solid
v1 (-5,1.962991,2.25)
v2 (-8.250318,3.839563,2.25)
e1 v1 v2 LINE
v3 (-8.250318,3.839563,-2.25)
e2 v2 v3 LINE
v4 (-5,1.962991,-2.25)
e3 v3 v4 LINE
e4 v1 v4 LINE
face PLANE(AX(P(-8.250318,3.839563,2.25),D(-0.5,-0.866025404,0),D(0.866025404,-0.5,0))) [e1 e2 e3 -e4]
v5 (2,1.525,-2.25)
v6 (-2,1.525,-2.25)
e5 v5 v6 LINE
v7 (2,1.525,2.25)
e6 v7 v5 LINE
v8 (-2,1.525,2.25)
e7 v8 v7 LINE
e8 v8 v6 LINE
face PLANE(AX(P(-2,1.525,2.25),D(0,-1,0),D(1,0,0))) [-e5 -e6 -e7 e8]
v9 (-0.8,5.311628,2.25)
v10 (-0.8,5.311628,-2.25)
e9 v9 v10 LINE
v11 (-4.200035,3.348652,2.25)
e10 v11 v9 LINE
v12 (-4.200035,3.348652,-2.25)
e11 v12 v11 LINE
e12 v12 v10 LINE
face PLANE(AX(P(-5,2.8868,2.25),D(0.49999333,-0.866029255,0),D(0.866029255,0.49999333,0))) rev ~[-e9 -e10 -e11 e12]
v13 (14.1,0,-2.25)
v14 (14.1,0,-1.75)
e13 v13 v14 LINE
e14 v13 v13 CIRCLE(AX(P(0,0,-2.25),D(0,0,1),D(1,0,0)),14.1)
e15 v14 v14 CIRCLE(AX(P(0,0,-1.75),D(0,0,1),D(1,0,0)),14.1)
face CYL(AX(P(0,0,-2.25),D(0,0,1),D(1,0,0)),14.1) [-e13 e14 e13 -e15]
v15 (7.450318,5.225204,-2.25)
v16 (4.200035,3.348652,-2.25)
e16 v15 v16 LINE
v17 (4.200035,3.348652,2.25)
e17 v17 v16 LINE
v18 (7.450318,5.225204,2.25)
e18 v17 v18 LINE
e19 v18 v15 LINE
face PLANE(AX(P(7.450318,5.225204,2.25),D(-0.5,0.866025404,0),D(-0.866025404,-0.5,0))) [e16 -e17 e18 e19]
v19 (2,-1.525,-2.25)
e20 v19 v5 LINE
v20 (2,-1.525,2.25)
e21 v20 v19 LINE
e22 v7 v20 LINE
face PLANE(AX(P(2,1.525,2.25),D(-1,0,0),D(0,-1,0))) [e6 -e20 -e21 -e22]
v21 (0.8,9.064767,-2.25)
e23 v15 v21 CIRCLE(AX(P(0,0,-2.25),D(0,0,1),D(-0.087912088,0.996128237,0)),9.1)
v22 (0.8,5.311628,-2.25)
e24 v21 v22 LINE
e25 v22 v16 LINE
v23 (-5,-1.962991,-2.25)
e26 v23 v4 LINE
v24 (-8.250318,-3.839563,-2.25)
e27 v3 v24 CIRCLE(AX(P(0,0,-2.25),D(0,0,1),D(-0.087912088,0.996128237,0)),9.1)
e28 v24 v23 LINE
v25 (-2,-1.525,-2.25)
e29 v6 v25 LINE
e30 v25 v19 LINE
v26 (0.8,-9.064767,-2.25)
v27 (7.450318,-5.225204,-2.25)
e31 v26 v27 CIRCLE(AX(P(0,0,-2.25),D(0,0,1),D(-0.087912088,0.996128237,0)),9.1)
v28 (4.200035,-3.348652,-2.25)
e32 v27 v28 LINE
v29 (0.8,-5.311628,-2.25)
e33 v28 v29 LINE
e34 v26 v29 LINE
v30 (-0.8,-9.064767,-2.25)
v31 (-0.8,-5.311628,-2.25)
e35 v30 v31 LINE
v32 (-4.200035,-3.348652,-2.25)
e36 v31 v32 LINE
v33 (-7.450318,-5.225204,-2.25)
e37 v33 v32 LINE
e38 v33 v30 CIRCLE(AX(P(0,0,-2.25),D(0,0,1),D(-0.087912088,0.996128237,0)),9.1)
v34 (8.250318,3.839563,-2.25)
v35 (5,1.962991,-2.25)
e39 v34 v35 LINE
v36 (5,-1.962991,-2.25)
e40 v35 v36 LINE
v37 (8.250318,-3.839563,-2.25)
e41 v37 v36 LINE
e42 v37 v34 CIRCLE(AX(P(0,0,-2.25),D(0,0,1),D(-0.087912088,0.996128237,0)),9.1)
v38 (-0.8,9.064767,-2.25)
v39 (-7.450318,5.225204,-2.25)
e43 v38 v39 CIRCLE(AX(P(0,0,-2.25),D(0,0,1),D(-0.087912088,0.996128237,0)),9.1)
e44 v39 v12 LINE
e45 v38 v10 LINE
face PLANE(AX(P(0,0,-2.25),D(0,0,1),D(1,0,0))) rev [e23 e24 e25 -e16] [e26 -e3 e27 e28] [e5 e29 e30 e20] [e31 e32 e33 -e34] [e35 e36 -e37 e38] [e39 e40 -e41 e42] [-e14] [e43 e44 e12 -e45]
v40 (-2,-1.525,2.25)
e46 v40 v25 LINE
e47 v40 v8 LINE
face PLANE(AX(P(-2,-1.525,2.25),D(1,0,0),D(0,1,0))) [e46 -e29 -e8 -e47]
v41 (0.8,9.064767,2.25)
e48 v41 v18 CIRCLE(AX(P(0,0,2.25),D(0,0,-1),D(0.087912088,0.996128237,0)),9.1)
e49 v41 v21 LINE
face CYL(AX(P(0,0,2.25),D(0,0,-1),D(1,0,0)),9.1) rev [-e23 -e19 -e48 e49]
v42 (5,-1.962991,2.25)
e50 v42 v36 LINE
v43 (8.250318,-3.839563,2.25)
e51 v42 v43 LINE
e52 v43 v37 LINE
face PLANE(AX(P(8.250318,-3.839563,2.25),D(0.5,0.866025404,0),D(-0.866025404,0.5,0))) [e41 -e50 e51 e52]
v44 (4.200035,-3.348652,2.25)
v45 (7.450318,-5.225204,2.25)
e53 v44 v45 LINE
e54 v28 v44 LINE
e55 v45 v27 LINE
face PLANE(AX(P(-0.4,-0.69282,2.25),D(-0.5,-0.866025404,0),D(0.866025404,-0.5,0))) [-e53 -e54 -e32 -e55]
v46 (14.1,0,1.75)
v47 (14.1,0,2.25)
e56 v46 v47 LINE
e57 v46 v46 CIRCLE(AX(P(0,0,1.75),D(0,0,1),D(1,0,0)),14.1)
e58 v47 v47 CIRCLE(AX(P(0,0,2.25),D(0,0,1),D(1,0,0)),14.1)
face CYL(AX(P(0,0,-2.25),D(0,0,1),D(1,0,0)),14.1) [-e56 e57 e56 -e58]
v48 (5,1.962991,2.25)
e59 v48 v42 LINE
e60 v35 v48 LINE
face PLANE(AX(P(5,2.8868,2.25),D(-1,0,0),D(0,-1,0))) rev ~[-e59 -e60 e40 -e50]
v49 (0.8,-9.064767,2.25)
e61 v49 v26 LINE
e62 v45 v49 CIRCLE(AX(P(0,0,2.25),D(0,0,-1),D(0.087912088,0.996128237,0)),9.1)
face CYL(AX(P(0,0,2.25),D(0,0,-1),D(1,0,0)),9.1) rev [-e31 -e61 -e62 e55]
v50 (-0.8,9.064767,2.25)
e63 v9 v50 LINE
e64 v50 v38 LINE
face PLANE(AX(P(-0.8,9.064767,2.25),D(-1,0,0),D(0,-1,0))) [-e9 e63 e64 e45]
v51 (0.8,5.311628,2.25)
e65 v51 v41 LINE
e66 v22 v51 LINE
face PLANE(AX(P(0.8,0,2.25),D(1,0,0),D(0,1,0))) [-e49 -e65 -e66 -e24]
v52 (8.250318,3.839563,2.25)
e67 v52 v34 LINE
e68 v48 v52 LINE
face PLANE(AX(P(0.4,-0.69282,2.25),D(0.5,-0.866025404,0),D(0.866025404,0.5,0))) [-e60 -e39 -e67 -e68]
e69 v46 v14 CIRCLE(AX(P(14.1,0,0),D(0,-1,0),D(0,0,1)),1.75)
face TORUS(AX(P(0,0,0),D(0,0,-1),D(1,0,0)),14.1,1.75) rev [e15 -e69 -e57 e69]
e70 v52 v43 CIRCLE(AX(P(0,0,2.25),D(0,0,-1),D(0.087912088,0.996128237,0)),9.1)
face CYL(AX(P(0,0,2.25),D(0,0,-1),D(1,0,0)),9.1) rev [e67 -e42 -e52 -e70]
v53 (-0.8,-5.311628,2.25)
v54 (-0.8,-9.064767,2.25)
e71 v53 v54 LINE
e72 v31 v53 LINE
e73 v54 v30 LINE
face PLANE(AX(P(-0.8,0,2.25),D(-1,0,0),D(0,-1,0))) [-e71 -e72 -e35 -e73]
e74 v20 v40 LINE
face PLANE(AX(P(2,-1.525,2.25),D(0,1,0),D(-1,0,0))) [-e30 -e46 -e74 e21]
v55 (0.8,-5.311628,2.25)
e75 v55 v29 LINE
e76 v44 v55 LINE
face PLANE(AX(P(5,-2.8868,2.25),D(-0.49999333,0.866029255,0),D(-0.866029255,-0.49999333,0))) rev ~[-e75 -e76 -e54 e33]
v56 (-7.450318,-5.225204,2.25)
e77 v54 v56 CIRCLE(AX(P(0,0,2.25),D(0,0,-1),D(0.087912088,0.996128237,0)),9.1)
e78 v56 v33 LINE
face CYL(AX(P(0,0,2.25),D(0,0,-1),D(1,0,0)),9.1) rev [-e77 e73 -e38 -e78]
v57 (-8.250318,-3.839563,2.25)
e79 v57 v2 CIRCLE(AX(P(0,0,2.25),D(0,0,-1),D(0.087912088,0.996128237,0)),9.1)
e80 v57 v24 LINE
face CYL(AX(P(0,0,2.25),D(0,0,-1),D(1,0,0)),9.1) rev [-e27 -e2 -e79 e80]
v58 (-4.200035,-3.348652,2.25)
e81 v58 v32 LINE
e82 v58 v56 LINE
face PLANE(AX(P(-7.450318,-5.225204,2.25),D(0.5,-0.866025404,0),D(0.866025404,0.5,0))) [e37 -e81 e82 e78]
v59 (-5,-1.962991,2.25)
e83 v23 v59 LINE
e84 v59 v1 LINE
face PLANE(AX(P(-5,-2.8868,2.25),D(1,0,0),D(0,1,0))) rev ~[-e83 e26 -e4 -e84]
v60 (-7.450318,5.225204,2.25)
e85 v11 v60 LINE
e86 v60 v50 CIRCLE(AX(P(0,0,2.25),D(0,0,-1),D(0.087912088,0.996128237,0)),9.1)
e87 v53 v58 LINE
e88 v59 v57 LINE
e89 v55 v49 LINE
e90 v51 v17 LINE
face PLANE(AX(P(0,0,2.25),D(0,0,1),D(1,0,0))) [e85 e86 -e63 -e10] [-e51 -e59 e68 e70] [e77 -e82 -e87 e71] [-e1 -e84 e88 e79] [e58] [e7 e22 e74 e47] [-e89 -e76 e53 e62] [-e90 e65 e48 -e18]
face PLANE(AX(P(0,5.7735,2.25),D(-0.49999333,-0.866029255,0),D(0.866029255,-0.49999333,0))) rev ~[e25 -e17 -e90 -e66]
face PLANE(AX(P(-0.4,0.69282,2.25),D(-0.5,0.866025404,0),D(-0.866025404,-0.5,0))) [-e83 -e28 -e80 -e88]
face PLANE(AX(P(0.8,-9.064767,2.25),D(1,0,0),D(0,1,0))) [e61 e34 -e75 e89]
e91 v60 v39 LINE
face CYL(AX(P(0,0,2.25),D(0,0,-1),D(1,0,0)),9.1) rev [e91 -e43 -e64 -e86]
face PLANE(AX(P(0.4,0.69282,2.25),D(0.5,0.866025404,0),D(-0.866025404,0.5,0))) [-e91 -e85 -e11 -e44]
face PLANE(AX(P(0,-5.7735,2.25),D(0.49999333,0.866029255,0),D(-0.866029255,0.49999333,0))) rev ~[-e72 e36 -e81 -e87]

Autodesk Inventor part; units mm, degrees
ref_plane "YZ Plane" through (0, 0, 0) normal (1, 0, 0) x (0, 1, 0)
ref_plane "XZ Plane" through (0, 0, 0) normal (0, 1, 0) x (-1, 0, 0)
ref_plane "XY Plane" through (0, 0, 0) normal (0, 0, 1) x (1, 0, 0)
sketch "スケッチ1" plane through (0, 0, 0) normal (0, 1, 0) x (-1, 0, 0)
  line L0 (0, 0) -> (-64.0652, 0) construction
  circle A0 centre (-14.1, 0) radius 1.75
  line L1 (-9.1, -2.25) -> (-14.1, -2.25)
  line L2 (-14.1, -2.25) -> (-14.1, 2.25)
  line L3 (-14.1, 2.25) -> (-9.1, 2.25)
  line L4 (-9.1, 2.25) -> (-9.1, -2.25)
  line L5 (0, -4.9) -> (0, 4.9) projected
  point P0 (-14.1, 1.75)
  point P1 (-14.1, -1.75)
  dimension "P_DIA" = 3.5
  dimension "P_D1" = 14.1
  dimension "WW" = 4.5
  dimension "d3" = 5
revolve "リム" add sketch "スケッチ1" angle 360 about axis through (0, 0, -10) along (0, 0, 1) contours A0 L2 L3 L4 L1
sketch "スケッチ3" plane through (0, 0, 2.25) normal (0, 0, 1) x (1, 0, 0)
  line L0 (-5, 2.8868) -> (0, 5.7735)
  line L1 (0, 5.7735) -> (5, 2.8868)
  line L2 (5, 2.8868) -> (5, -2.8868)
  line L3 (5, -2.8868) -> (0, -5.7735)
  line L4 (0, -5.7735) -> (-5, -2.8868)
  line L5 (-5, -2.8868) -> (-5, 2.8868)
  point P0 (0, 0)
  point P1 (0, 0)
  dimension "HUB_DIA" = 10
extrude "ハブ" add sketch "スケッチ3" against normal up to surface (4.5 mm away)
sketch "スケッチ4" plane through (0, 0, 2.25) normal (0, 0, 1) x (1, 0, 0)
  line L0 (-0.8, 0) -> (0.8, 0)
  line L1 (0.8, 0) -> (0.8, 9.1)
  line L2 (0.8, 9.1) -> (-0.8, 9.1)
  line L3 (-0.8, 9.1) -> (-0.8, 0)
  circle A0 centre (0, 0) radius 9.1 projected
  point P0 (0, 9.1)
  dimension "SPOKE_THIN" = 1.6
extrude "スポーク" add sketch "スケッチ4" against normal up to surface (4.5 mm away) contours L3 A0 L1 L0 | L3 L2 A0 | A0 L2 L1 picked at (0, 3.0333)
pattern_circular "円形状パターン1" count 6 over 360 about axis through (0, 0, -10) along (0, 0, 1) of "スポーク"
sketch "スケッチ5" plane through (0, 0, 2.25) normal (0, 0, 1) x (1, 0, 0)
  line L0 (-2, 1.525) -> (2, 1.525)
  line L1 (2, 1.525) -> (2, -1.525)
  line L2 (2, -1.525) -> (-2, -1.525)
  line L3 (-2, -1.525) -> (-2, 1.525)
  point P0 (0, 0)
  point P1 (0, 1.525)
  point P2 (-2, 0)
  dimension "d15" = 4
  dimension "d16" = 3.05
extrude "軸穴" cut sketch "スケッチ5" against normal through all
properties part number "Wheel-D63C"
